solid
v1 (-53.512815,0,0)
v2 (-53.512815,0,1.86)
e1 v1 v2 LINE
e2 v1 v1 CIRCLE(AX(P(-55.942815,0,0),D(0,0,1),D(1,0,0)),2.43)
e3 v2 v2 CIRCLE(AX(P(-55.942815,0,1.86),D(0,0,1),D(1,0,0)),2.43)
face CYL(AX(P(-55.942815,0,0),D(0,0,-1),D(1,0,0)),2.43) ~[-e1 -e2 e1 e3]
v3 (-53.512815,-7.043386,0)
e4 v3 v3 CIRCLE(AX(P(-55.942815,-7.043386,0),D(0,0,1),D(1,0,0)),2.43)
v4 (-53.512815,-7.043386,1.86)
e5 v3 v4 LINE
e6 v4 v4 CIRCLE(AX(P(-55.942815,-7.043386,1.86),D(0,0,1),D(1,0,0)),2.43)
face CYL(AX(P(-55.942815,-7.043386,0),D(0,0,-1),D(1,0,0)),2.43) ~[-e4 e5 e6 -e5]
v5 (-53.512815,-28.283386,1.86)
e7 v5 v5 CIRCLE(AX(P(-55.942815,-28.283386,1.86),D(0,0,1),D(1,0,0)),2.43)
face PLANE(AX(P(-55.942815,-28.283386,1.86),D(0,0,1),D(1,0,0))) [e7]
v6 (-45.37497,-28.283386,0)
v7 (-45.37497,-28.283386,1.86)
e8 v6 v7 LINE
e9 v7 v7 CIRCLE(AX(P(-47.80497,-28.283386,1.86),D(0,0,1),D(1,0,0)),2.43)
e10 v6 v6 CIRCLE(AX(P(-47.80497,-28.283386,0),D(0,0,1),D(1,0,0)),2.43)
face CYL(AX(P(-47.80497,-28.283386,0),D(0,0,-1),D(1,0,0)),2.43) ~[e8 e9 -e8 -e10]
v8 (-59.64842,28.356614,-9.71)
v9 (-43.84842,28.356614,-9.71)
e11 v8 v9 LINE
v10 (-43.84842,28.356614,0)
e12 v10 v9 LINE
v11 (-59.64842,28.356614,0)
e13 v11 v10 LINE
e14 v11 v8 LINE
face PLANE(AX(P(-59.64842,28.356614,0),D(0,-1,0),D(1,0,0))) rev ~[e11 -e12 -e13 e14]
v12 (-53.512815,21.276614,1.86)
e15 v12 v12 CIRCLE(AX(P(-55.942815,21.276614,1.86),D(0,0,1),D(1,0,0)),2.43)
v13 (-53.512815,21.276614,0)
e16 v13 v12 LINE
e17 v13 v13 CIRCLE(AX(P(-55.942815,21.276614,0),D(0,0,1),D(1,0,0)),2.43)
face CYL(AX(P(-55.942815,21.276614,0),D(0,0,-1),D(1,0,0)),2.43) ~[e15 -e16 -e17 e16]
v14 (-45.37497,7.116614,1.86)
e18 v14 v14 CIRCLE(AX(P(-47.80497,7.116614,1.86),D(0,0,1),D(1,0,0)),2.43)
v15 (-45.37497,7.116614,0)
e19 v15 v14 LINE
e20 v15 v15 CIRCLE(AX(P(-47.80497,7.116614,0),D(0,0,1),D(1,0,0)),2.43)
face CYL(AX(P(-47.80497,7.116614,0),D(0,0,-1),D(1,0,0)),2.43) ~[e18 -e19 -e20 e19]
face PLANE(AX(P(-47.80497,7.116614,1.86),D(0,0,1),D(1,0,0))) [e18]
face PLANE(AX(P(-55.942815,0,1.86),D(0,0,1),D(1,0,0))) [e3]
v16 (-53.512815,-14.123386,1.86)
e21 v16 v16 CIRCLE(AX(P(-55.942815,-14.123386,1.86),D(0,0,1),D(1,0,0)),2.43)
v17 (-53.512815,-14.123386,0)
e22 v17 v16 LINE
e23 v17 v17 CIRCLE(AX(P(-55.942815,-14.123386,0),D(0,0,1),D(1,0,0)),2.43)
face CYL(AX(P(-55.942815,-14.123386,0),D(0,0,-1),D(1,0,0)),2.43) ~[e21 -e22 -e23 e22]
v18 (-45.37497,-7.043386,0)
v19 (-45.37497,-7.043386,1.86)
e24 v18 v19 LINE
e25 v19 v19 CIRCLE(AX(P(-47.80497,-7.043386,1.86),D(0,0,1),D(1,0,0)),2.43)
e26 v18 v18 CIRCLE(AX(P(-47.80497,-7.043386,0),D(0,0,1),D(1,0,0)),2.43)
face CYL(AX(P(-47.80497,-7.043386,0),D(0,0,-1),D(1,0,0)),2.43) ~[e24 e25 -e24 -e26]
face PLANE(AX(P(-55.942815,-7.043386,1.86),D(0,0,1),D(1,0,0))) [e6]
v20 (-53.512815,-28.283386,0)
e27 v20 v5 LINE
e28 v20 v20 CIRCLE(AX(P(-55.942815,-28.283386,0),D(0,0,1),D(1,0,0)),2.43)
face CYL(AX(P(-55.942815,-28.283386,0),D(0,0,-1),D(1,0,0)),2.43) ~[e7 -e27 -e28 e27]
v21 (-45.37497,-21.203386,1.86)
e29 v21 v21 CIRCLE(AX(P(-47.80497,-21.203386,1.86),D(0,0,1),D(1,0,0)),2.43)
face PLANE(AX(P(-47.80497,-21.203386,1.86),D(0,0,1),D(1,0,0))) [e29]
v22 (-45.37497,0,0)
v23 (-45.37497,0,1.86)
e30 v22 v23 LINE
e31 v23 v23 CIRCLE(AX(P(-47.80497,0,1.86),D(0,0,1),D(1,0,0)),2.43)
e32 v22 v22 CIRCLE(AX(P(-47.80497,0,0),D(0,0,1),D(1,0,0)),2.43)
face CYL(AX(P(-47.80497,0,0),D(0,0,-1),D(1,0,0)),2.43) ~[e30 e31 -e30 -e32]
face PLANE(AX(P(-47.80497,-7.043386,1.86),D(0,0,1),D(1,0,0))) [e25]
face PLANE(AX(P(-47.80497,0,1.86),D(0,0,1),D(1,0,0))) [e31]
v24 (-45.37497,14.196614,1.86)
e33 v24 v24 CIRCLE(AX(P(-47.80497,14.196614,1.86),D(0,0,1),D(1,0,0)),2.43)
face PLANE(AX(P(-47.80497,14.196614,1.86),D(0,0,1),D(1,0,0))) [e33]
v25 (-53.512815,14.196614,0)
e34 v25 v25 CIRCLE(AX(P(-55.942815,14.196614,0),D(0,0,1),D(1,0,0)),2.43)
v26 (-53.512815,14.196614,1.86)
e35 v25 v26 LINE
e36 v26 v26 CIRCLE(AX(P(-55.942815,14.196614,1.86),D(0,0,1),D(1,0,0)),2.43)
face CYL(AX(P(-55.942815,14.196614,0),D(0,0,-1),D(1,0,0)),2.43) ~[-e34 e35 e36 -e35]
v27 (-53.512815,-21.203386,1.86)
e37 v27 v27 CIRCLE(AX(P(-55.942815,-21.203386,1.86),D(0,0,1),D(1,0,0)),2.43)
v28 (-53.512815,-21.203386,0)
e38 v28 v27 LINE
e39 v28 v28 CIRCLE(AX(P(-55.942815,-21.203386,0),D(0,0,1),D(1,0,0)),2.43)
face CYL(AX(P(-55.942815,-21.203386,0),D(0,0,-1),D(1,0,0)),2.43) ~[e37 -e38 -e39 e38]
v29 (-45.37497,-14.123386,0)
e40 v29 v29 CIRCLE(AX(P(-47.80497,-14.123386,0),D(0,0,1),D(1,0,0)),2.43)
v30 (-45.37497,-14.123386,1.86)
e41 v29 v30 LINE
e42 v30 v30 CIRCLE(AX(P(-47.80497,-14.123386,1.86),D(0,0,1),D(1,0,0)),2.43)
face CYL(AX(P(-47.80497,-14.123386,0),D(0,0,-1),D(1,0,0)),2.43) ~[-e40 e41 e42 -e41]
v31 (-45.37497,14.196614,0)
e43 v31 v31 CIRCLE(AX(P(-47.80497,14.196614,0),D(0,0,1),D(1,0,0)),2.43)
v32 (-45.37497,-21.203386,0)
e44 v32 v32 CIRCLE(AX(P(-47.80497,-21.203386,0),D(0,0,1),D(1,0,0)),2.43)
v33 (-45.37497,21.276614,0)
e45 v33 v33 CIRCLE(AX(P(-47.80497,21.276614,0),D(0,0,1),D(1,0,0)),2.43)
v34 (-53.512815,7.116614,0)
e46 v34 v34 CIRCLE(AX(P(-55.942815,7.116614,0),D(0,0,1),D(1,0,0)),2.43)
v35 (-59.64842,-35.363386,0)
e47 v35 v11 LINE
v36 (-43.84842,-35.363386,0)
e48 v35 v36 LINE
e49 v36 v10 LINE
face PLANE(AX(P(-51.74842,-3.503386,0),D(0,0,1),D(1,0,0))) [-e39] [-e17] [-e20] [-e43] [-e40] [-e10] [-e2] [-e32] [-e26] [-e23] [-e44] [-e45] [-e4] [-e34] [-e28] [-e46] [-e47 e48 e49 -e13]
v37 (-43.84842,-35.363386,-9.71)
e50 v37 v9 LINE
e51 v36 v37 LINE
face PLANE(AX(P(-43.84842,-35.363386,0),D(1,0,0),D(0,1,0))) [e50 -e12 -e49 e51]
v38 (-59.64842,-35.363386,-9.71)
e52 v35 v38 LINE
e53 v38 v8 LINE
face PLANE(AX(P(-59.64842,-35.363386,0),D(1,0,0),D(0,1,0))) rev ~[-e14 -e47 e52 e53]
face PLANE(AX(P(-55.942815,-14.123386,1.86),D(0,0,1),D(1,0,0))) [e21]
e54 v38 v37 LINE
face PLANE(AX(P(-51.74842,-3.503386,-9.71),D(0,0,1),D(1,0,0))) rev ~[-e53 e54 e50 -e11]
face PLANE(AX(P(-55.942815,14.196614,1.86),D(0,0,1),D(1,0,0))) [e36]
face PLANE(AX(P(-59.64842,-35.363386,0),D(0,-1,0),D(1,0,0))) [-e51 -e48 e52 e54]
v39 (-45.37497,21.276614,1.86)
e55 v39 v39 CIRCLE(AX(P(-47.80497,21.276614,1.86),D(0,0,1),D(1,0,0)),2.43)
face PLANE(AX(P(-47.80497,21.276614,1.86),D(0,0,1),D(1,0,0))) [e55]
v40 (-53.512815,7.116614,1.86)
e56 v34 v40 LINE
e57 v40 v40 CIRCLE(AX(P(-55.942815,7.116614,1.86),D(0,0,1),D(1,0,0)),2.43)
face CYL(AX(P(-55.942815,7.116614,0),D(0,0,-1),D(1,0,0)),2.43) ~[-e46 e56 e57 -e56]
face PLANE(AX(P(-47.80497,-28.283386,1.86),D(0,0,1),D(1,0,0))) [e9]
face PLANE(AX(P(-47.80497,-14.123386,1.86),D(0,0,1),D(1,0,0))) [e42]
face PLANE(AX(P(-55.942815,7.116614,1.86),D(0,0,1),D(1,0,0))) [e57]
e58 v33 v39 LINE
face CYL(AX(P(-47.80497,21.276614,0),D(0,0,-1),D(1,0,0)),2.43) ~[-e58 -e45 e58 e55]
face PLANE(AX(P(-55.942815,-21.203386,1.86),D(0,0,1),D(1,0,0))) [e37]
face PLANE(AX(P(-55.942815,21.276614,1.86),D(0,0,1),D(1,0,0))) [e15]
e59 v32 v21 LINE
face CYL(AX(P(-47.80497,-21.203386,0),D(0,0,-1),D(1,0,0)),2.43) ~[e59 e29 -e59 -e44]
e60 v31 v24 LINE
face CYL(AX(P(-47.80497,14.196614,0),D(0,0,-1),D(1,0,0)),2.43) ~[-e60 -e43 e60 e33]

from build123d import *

# Parameters (mm, degrees)
F0_W     = 15.8
F0_H     = 63.72
F0_R     = 2.43
F1_DEPTH = 9.71
F2_DEPTH = 1.86


with BuildPart() as f1:
    # F0 (on Top) → F1 (new body)
    with BuildSketch(Plane.XY):
        with Locations((-51.7484200151, -3.5033859313)):
            Rectangle(F0_W, F0_H)
        with Locations((-55.9428147972, -28.2833859313)):
            Circle(F0_R, mode=Mode.SUBTRACT)
        with Locations((-55.9428147972, -21.2033859313)):
            Circle(F0_R, mode=Mode.SUBTRACT)
        with Locations((-55.9428147972, -14.1233859313)):
            Circle(F0_R, mode=Mode.SUBTRACT)
        with Locations((-55.9428147972, -7.0433859313)):
            Circle(F0_R, mode=Mode.SUBTRACT)
        with Locations((-47.8049702942, -28.2833859313)):
            Circle(F0_R, mode=Mode.SUBTRACT)
        with Locations((-47.8049702942, -21.2033859313)):
            Circle(F0_R, mode=Mode.SUBTRACT)
        with Locations((-47.8049702942, -14.1233859313)):
            Circle(F0_R, mode=Mode.SUBTRACT)
        with Locations((-47.8049702942, -7.0433859313)):
            Circle(F0_R, mode=Mode.SUBTRACT)
        with Locations((-55.9428147972, 0)):
            Circle(F0_R, mode=Mode.SUBTRACT)
        with Locations((-55.9428147972, 7.1166140687)):
            Circle(F0_R, mode=Mode.SUBTRACT)
        with Locations((-55.9428147972, 14.1966140687)):
            Circle(F0_R, mode=Mode.SUBTRACT)
        with Locations((-55.9428147972, 21.2766140687)):
            Circle(F0_R, mode=Mode.SUBTRACT)
        with Locations((-47.8049702942, 0)):
            Circle(F0_R, mode=Mode.SUBTRACT)
        with Locations((-47.8049702942, 7.1166140687)):
            Circle(F0_R, mode=Mode.SUBTRACT)
        with Locations((-47.8049702942, 14.1966140687)):
            Circle(F0_R, mode=Mode.SUBTRACT)
        with Locations((-47.8049702942, 21.2766140687)):
            Circle(F0_R, mode=Mode.SUBTRACT)
        with Locations((-55.9428147972, 21.2766140687)):
            Circle(F0_R)
        with Locations((-55.9428147972, 14.1966140687)):
            Circle(F0_R)
        with Locations((-55.9428147972, 7.1166140687)):
            Circle(F0_R)
        with Locations((-55.9428147972, 0)):
            Circle(F0_R)
        with Locations((-55.9428147972, -7.0433859313)):
            Circle(F0_R)
        with Locations((-55.9428147972, -14.1233859313)):
            Circle(F0_R)
        with Locations((-55.9428147972, -21.2033859313)):
            Circle(F0_R)
        with Locations((-55.9428147972, -28.2833859313)):
            Circle(F0_R)
        with Locations((-47.8049702942, -28.2833859313)):
            Circle(F0_R)
        with Locations((-47.8049702942, -21.2033859313)):
            Circle(F0_R)
        with Locations((-47.8049702942, -14.1233859313)):
            Circle(F0_R)
        with Locations((-47.8049702942, -7.0433859313)):
            Circle(F0_R)
        with Locations((-47.8049702942, 0)):
            Circle(F0_R)
        with Locations((-47.8049702942, 7.1166140687)):
            Circle(F0_R)
        with Locations((-47.8049702942, 14.1966140687)):
            Circle(F0_R)
        with Locations((-47.8049702942, 21.2766140687)):
            Circle(F0_R)
    extrude(amount=-F1_DEPTH)

    # F0 (on Top) → F2 (join)
    with BuildSketch(Plane.XY):
        with Locations((-55.9428147972, 21.2766140687)):
            Circle(F0_R)
        with Locations((-55.9428147972, 14.1966140687)):
            Circle(F0_R)
        with Locations((-55.9428147972, 7.1166140687)):
            Circle(F0_R)
        with Locations((-55.9428147972, 0)):
            Circle(F0_R)
        with Locations((-55.9428147972, -7.0433859313)):
            Circle(F0_R)
        with Locations((-55.9428147972, -14.1233859313)):
            Circle(F0_R)
        with Locations((-55.9428147972, -21.2033859313)):
            Circle(F0_R)
        with Locations((-55.9428147972, -28.2833859313)):
            Circle(F0_R)
        with Locations((-47.8049702942, -28.2833859313)):
            Circle(F0_R)
        with Locations((-47.8049702942, -21.2033859313)):
            Circle(F0_R)
        with Locations((-47.8049702942, -14.1233859313)):
            Circle(F0_R)
        with Locations((-47.8049702942, -7.0433859313)):
            Circle(F0_R)
        with Locations((-47.8049702942, 0)):
            Circle(F0_R)
        with Locations((-47.8049702942, 7.1166140687)):
            Circle(F0_R)
        with Locations((-47.8049702942, 14.1966140687)):
            Circle(F0_R)
        with Locations((-47.8049702942, 21.2766140687)):
            Circle(F0_R)
    extrude(amount=F2_DEPTH)


solid = f1.part
